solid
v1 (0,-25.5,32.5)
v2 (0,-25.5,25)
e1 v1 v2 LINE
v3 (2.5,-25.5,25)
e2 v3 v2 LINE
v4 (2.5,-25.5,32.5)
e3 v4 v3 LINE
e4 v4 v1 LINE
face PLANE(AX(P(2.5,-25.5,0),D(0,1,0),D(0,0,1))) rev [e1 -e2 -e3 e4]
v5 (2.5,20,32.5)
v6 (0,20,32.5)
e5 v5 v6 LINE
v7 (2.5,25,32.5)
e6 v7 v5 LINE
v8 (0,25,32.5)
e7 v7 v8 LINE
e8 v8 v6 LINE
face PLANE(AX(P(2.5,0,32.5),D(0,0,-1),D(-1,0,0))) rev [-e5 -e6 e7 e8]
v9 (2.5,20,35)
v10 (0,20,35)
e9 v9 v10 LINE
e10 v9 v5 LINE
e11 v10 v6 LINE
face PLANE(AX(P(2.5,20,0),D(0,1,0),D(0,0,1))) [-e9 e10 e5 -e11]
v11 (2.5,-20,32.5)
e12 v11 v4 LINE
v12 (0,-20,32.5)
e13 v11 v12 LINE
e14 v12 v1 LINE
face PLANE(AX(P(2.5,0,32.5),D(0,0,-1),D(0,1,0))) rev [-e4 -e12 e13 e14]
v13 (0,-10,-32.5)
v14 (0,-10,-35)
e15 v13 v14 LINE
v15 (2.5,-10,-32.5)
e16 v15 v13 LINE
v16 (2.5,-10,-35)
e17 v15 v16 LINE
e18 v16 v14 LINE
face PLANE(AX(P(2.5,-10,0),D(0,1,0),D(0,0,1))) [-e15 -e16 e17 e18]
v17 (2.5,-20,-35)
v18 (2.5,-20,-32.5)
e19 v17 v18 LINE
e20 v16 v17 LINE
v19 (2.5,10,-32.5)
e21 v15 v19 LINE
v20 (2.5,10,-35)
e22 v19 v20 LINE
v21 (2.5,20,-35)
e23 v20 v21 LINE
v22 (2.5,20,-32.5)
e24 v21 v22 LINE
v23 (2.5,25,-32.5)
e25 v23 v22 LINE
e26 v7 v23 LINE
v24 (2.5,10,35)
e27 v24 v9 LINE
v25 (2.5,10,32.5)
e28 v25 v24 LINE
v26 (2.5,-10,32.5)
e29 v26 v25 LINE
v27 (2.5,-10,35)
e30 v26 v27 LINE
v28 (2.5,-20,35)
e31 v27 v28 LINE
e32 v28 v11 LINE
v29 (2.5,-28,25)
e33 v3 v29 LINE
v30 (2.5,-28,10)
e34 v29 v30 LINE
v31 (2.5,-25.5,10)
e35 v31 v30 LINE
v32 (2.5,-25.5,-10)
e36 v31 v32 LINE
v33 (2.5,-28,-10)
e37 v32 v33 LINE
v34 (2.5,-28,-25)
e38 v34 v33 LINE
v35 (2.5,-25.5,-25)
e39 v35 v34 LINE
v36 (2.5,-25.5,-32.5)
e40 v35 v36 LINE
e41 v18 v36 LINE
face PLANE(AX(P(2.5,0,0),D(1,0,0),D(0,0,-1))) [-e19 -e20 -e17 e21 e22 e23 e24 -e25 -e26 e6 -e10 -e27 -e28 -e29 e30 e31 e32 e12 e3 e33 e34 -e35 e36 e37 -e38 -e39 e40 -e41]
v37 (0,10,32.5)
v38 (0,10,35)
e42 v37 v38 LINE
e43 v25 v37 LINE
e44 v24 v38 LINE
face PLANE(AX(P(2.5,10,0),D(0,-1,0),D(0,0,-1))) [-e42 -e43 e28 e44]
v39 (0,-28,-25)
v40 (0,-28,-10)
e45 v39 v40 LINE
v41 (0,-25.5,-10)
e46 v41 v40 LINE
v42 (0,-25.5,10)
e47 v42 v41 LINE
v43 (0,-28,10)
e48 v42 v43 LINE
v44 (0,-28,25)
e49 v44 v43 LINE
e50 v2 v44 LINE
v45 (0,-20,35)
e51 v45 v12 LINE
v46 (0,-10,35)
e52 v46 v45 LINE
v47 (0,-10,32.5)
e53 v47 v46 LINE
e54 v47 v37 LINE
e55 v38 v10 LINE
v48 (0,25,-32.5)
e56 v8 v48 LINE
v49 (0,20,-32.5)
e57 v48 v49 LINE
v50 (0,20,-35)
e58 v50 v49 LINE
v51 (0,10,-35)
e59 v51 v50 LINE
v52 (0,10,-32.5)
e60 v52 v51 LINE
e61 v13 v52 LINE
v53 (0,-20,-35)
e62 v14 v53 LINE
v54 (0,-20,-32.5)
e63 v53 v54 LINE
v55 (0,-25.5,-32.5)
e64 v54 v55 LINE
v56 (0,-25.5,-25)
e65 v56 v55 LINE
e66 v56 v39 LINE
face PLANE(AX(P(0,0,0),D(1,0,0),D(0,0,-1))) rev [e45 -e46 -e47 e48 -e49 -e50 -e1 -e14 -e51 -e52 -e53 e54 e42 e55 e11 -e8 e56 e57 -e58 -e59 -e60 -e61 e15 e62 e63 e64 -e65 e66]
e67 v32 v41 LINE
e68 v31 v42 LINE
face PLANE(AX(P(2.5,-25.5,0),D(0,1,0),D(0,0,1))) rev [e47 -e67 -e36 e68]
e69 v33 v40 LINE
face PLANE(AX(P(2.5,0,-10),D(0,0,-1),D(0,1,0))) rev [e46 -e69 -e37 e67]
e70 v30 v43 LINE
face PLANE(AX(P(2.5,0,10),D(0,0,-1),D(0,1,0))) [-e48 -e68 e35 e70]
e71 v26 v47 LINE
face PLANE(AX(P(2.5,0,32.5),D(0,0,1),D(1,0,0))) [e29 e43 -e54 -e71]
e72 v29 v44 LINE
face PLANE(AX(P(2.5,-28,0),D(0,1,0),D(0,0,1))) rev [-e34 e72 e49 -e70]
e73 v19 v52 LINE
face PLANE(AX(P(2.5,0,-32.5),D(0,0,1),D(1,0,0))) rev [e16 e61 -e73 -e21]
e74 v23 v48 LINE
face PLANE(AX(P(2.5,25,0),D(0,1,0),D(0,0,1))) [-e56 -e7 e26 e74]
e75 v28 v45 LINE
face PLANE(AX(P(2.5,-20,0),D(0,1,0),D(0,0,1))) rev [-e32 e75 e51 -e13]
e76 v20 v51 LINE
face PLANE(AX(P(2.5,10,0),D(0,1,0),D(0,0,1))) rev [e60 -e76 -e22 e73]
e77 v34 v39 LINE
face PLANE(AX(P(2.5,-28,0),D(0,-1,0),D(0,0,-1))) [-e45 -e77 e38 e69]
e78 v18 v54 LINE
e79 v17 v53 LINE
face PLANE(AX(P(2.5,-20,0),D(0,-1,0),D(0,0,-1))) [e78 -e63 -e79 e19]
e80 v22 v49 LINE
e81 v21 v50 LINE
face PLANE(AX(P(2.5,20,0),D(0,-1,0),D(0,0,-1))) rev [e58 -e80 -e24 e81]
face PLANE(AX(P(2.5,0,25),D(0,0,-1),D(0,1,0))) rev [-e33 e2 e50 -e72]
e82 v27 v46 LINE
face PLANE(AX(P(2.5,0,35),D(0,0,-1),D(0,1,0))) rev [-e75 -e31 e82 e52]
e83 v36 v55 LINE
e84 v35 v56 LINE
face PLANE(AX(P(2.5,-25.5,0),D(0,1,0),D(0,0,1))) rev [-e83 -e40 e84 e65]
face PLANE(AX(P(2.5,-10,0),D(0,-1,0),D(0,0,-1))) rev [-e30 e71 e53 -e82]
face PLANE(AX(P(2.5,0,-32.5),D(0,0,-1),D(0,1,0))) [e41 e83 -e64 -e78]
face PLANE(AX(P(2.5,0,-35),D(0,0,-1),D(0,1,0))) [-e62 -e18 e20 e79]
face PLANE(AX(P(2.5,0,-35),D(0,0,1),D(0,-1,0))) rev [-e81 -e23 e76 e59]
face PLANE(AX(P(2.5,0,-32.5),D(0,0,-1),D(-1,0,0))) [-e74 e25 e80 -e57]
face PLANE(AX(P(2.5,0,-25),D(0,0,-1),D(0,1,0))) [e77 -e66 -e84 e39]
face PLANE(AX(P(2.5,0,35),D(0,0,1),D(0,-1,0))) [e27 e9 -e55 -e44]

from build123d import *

# Parameters (mm, degrees)
BOSS_EXTRUDE3_DEPTH = 2.5


with BuildPart() as part:
    # Sketch1<5> → Boss-Extrude3 (new body)
    with BuildSketch(Plane(origin=(0, 0, 0), x_dir=(0, 0, -1), z_dir=(1, 0, 0))):
        Polygon((-32.5, -25.5), (-25, -25.5), (-25, -28), (-10, -28), (-10, -25.5), (10, -25.5), (10, -28), (25, -28), (25, -25.5), (32.5, -25.5), (32.5, -20), (35, -20), (35, -10), (32.5, -10), (32.5, 10), (35, 10), (35, 20), (32.5, 20), (32.5, 25), (-32.5, 25), (-32.5, 20), (-35, 20), (-35, 10), (-32.5, 10), (-32.5, -10), (-35, -10), (-35, -20), (-32.5, -20), align=None)
    extrude(amount=BOSS_EXTRUDE3_DEPTH)


solid = part.part
